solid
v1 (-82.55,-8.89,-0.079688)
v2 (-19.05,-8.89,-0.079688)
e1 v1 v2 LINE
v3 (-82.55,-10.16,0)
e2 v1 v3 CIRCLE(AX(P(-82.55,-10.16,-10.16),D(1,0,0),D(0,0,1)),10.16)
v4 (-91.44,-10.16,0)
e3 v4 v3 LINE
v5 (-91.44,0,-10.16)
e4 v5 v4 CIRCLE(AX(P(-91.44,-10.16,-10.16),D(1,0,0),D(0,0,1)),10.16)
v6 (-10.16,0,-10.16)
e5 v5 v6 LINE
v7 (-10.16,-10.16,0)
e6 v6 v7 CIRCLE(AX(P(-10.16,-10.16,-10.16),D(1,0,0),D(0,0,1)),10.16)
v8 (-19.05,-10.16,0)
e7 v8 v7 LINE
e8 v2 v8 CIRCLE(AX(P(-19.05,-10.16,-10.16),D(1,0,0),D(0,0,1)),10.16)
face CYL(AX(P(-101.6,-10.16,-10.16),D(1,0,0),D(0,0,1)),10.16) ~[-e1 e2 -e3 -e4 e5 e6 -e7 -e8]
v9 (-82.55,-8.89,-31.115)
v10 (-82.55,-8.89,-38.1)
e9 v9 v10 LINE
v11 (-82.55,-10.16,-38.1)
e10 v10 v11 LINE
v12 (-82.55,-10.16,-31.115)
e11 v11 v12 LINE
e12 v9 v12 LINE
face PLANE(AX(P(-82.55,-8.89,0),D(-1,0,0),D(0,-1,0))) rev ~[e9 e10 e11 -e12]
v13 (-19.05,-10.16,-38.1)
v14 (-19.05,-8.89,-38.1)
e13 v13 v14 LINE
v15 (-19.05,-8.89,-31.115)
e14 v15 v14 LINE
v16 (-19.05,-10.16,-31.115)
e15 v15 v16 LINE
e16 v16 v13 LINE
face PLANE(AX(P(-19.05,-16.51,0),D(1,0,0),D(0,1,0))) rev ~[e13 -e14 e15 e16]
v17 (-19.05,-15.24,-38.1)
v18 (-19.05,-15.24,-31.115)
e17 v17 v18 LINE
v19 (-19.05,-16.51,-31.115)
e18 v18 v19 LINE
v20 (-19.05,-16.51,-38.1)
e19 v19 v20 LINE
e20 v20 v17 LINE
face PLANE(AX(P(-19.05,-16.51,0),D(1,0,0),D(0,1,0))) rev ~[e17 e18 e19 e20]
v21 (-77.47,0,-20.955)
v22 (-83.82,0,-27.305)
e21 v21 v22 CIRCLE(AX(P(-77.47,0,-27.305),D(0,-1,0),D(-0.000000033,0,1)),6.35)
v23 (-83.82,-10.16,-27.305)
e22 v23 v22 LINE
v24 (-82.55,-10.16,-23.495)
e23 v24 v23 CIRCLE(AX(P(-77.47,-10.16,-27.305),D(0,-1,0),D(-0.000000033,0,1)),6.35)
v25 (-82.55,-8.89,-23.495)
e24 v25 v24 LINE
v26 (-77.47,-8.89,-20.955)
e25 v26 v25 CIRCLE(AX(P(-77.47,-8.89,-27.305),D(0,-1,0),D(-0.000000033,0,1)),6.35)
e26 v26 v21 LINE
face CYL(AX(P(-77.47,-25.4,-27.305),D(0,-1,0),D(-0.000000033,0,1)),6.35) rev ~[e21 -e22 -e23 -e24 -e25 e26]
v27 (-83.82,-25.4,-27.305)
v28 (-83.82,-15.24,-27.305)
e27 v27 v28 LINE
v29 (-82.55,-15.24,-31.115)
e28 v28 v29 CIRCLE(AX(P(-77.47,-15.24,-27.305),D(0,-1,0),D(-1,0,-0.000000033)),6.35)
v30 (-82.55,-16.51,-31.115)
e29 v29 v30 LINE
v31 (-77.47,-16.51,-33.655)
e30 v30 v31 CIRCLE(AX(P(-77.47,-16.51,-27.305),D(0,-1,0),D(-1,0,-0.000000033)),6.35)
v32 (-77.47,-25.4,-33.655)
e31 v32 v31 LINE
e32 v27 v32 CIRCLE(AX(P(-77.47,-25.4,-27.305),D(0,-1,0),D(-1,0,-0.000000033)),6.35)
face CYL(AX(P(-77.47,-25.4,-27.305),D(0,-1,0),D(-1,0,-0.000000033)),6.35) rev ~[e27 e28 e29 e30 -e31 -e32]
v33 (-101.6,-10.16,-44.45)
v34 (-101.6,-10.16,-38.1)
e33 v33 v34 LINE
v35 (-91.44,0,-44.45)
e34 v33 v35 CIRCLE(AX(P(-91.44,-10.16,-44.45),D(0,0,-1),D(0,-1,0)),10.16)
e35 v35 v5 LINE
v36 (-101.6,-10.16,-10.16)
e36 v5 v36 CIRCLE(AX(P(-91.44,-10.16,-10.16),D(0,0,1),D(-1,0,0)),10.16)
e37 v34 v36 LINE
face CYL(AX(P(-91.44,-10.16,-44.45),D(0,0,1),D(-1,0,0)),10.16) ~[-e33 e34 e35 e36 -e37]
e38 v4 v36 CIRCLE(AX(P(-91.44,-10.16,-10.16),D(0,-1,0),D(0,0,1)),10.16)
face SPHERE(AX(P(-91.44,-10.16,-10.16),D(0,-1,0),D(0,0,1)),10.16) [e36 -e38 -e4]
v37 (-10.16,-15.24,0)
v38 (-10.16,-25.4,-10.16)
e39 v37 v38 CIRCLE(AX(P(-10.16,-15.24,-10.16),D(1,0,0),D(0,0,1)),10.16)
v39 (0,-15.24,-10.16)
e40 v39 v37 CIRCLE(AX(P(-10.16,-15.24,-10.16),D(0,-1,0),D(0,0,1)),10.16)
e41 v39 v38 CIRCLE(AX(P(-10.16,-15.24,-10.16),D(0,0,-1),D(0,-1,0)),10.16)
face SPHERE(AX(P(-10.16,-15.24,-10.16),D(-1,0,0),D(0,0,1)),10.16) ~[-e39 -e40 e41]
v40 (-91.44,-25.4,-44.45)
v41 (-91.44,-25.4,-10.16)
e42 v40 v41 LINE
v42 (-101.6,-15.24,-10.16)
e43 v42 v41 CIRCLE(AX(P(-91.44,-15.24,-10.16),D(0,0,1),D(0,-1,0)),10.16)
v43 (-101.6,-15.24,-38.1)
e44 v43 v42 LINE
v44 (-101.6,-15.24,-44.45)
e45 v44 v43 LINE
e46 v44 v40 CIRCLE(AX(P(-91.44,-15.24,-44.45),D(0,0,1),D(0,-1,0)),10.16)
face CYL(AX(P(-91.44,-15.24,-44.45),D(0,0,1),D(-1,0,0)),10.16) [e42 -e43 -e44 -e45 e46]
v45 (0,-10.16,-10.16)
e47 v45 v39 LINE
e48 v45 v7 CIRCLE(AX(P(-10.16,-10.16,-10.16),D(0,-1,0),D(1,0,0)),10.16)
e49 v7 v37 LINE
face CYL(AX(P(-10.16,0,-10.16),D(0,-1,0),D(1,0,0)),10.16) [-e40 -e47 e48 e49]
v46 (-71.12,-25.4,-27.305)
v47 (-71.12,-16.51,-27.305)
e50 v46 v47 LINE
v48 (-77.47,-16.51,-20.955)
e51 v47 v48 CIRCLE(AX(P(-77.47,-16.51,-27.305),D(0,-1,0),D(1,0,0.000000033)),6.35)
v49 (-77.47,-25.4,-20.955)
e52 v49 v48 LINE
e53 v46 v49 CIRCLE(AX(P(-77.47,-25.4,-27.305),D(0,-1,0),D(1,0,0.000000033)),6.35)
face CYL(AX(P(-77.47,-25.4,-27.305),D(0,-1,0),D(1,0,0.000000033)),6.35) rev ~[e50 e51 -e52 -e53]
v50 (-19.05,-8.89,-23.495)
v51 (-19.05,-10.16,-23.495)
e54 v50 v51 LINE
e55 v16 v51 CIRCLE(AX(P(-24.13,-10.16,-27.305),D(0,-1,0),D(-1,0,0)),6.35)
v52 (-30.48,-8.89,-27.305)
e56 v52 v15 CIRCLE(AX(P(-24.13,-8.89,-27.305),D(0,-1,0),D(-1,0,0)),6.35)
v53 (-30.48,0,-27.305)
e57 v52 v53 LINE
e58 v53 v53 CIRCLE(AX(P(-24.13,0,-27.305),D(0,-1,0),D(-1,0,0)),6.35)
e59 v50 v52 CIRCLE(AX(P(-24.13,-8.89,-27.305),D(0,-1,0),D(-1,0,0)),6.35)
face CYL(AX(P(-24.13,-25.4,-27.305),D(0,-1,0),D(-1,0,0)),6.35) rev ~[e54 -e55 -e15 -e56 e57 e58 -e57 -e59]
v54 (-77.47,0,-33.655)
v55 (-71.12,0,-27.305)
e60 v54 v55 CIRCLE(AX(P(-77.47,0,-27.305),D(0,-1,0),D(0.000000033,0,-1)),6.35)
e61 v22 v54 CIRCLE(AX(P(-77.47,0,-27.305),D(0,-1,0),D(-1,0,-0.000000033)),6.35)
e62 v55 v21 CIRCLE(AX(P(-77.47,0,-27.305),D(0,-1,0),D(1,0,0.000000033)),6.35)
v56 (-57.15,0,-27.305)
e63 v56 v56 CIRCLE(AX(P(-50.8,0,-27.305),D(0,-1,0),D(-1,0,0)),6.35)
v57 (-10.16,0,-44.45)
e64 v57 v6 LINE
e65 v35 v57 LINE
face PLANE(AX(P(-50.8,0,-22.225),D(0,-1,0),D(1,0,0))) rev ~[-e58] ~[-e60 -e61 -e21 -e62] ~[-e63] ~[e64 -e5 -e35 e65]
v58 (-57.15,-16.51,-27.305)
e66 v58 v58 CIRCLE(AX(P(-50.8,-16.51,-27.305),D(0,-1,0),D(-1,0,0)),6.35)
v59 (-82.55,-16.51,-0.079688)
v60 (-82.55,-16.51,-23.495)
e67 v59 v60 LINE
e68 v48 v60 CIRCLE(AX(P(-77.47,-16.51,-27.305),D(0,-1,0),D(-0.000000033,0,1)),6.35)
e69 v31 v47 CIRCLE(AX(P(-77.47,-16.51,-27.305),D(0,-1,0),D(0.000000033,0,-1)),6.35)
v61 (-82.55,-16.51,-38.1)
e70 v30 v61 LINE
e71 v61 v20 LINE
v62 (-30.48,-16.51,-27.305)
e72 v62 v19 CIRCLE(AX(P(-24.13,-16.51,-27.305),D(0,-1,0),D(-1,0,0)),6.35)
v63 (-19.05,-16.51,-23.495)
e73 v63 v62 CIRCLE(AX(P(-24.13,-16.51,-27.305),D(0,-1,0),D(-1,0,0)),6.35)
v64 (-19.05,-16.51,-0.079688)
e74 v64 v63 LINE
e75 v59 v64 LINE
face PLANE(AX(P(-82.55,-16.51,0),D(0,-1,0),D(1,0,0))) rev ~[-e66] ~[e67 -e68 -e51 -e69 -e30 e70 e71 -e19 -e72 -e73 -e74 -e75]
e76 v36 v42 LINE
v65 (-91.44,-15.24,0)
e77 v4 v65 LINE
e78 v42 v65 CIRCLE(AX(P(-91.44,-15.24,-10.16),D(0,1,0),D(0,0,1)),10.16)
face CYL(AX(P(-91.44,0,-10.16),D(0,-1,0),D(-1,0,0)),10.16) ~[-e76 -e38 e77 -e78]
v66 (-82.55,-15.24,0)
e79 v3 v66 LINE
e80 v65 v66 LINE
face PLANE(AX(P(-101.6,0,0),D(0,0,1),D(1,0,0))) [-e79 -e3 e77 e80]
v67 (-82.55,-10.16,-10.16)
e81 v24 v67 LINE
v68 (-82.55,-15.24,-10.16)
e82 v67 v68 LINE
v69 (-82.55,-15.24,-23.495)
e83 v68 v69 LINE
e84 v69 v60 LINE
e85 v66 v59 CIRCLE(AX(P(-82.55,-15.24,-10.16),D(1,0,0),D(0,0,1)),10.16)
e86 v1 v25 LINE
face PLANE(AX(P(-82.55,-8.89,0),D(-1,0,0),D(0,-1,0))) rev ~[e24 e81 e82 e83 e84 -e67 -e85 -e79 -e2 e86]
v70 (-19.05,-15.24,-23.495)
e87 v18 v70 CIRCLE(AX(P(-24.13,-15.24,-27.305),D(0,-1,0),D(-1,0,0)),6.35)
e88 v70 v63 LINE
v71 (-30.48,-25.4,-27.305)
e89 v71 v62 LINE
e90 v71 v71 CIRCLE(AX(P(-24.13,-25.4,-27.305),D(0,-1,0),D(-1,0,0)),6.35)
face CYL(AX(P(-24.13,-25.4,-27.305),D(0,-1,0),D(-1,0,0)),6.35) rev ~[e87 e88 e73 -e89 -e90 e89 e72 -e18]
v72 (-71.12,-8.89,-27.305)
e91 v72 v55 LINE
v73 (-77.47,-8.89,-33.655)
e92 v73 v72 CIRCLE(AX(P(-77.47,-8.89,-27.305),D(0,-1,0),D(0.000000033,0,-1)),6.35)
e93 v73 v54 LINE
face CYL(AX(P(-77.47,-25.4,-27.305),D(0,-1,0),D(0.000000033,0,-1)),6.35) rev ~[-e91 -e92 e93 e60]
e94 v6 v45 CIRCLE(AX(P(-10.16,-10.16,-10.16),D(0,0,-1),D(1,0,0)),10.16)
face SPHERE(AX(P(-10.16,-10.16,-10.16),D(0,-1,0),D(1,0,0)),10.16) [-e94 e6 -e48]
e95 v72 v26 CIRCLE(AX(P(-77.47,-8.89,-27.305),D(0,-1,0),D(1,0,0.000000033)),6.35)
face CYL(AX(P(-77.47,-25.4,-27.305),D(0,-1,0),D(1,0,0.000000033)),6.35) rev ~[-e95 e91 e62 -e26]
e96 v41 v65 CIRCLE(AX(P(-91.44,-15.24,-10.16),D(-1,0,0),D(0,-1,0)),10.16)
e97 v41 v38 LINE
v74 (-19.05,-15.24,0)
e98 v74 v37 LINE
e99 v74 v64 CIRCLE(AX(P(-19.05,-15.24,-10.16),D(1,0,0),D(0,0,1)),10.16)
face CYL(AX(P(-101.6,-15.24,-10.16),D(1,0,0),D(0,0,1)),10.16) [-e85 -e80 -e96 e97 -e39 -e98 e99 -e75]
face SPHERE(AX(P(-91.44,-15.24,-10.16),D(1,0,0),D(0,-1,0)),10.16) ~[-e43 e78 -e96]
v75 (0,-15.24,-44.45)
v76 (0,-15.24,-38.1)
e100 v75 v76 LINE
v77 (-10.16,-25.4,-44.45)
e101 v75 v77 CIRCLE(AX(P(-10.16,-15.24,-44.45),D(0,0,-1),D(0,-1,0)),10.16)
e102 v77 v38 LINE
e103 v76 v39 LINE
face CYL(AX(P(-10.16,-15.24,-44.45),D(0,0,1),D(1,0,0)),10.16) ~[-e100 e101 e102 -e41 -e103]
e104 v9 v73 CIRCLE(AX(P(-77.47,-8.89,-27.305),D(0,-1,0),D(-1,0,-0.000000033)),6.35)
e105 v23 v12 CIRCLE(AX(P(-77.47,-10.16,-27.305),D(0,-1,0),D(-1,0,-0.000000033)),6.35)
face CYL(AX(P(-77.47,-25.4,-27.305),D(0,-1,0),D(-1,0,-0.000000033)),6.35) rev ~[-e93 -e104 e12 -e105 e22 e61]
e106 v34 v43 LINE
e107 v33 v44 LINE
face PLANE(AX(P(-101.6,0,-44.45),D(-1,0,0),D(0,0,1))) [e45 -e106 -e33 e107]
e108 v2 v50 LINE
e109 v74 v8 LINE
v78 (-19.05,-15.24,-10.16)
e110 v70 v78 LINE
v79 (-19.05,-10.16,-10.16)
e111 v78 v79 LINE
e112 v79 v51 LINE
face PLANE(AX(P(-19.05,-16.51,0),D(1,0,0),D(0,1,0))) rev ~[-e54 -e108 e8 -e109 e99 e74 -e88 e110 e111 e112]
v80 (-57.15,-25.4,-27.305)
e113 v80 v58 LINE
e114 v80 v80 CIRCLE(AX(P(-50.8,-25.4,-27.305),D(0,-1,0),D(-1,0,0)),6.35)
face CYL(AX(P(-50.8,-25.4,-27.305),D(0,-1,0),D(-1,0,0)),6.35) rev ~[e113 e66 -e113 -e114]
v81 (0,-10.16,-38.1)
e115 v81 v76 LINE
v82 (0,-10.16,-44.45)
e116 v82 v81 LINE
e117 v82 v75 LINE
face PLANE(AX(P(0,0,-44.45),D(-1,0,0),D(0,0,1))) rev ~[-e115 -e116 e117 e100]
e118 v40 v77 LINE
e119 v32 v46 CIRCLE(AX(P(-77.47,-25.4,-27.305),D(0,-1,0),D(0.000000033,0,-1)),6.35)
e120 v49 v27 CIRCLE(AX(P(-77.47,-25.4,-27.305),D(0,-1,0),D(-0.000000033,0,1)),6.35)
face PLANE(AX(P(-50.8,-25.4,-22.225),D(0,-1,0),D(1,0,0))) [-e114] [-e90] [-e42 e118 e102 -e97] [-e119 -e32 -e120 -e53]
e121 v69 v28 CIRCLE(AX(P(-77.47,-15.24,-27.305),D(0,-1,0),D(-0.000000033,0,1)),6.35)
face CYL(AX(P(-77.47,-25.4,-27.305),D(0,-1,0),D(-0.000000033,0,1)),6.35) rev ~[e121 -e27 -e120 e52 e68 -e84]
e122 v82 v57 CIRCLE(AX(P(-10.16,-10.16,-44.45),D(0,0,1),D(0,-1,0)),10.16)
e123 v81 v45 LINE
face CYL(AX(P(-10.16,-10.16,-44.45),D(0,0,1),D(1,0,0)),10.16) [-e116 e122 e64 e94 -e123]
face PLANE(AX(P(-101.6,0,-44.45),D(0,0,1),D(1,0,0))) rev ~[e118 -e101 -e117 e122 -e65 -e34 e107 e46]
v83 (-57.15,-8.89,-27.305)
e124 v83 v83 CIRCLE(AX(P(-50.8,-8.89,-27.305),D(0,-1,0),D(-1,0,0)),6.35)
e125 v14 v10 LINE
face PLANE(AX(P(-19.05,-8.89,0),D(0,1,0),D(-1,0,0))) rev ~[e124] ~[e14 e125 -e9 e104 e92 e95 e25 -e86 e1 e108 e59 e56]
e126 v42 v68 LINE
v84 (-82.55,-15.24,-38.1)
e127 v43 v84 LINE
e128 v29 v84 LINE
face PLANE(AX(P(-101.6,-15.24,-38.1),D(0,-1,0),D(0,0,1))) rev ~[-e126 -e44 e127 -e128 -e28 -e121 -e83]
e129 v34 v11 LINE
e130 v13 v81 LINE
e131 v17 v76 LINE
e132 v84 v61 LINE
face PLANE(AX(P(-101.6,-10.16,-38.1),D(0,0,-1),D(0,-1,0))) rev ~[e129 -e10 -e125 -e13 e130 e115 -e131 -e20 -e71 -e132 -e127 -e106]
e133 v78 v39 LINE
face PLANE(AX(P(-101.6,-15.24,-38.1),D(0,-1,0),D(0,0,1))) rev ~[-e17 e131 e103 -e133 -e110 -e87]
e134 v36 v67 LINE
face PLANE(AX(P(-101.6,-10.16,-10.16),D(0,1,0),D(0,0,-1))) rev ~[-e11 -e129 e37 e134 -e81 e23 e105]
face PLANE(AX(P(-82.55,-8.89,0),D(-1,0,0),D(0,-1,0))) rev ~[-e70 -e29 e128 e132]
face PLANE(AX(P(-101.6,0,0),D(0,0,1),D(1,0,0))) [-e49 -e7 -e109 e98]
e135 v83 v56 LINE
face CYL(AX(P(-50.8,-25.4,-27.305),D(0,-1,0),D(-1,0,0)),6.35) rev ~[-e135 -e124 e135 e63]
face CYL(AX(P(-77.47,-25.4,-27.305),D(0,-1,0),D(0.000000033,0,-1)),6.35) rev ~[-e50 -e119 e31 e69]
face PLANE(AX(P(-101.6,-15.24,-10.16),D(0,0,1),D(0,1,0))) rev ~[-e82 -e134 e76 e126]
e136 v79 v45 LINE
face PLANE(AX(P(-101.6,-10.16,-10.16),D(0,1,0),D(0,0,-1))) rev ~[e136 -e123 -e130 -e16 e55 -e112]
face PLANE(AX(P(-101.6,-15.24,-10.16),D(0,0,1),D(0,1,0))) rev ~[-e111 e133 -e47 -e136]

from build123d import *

# Parameters (mm, degrees)
F0_W     = 101.6
F0_H     = 44.45
F1_DEPTH = 25.4
F2_R     = 10.16
F4_DEPTH = 101.6
F6_DEPTH = 25.4
F8_DEPTH = 38.1


with BuildPart() as f1:
    # F0 (on Front) → F1 (new body)
    with BuildSketch(Plane.XZ):
        with Locations((-50.8, -22.225)):
            Rectangle(F0_W, F0_H)
    extrude(amount=F1_DEPTH)

    # F2
    f2_edges = [f1.edges().sort_by_distance(p)[0] for p in [
        (-50.8, -25.4, 0),
        (0, -12.7, 0),
        (0, -25.4, -22.225),
        (0, 0, -22.225),
        (-101.6, -25.4, -22.225),
        (-101.6, -12.7, 0),
        (-50.8, 0, 0),
        (-101.6, 0, -22.225),
    ]]
    fillet(f2_edges, radius=F2_R)

    # F3 (on face) → F4 (cut)
    with BuildSketch(Plane(origin=(-101.6, 0, 0), x_dir=(0, -1, 0), z_dir=(-1, 0, 0))):
        Polygon((15.24, -10.16), (10.16, -10.16), (10.16, -38.1), (12.7, -38.1), (15.24, -38.1), align=None)
    extrude(amount=-F4_DEPTH, mode=Mode.SUBTRACT)

    # F5 (on face) → F6 (cut)
    with BuildSketch(Plane.XZ.offset(25.4)):
        with BuildLine():
            Line((-77.47, -27.305), (-71.12, -27.305))
            ThreePointArc((-71.12, -27.305), (-72.979872, -22.814872), (-77.47, -20.955))
            Line((-77.47, -20.955), (-77.47, -27.305))
        make_face()
        with BuildLine():
            ThreePointArc((-17.78, -27.305), (-24.13, -20.955), (-30.48, -27.305))
            Line((-30.48, -27.305), (-24.13, -27.305))
            Line((-24.13, -27.305), (-17.78, -27.305))
        make_face()
        with BuildLine():
            Line((-24.13, -27.305), (-30.48, -27.305))
            ThreePointArc((-30.48, -27.305), (-24.13, -33.655), (-17.78, -27.305))
            Line((-17.78, -27.305), (-24.13, -27.305))
        make_face()
        with BuildLine():
            ThreePointArc((-44.45, -27.305), (-50.8, -20.955), (-57.15, -27.305))
            Line((-57.15, -27.305), (-50.8, -27.305))
            Line((-50.8, -27.305), (-44.45, -27.305))
        make_face()
        with BuildLine():
            Line((-50.8, -27.305), (-57.15, -27.305))
            ThreePointArc((-57.15, -27.305), (-50.8, -33.655), (-44.45, -27.305))
            Line((-44.45, -27.305), (-50.8, -27.305))
        make_face()
        with BuildLine():
            ThreePointArc((-77.47, -33.655), (-72.979872, -31.795128), (-71.12, -27.305))
            Line((-71.12, -27.305), (-77.47, -27.305))
            Line((-77.47, -27.305), (-77.47, -33.655))
        make_face()
        with BuildLine():
            Line((-77.47, -27.305), (-77.47, -20.955))
            ThreePointArc((-77.47, -20.955), (-81.960128, -22.814872), (-83.82, -27.305))
            Line((-83.82, -27.305), (-77.47, -27.305))
        make_face()
        with BuildLine():
            ThreePointArc((-83.82, -27.305), (-81.960128, -31.795128), (-77.47, -33.655))
            Line((-77.47, -33.655), (-77.47, -27.305))
            Line((-77.47, -27.305), (-83.82, -27.305))
        make_face()
    extrude(amount=-F6_DEPTH, mode=Mode.SUBTRACT)

    # F7 (on face) → F8 (cut)
    with BuildSketch(Plane.XY):
        Polygon((-50.8, -8.89), (-82.55, -8.89), (-82.55, -12.7), (-82.55, -16.51), (-50.8, -16.51), (-19.05, -16.51), (-19.05, -12.7), (-19.05, -8.89), align=None)
    extrude(amount=-F8_DEPTH, mode=Mode.SUBTRACT)


solid = f1.part
